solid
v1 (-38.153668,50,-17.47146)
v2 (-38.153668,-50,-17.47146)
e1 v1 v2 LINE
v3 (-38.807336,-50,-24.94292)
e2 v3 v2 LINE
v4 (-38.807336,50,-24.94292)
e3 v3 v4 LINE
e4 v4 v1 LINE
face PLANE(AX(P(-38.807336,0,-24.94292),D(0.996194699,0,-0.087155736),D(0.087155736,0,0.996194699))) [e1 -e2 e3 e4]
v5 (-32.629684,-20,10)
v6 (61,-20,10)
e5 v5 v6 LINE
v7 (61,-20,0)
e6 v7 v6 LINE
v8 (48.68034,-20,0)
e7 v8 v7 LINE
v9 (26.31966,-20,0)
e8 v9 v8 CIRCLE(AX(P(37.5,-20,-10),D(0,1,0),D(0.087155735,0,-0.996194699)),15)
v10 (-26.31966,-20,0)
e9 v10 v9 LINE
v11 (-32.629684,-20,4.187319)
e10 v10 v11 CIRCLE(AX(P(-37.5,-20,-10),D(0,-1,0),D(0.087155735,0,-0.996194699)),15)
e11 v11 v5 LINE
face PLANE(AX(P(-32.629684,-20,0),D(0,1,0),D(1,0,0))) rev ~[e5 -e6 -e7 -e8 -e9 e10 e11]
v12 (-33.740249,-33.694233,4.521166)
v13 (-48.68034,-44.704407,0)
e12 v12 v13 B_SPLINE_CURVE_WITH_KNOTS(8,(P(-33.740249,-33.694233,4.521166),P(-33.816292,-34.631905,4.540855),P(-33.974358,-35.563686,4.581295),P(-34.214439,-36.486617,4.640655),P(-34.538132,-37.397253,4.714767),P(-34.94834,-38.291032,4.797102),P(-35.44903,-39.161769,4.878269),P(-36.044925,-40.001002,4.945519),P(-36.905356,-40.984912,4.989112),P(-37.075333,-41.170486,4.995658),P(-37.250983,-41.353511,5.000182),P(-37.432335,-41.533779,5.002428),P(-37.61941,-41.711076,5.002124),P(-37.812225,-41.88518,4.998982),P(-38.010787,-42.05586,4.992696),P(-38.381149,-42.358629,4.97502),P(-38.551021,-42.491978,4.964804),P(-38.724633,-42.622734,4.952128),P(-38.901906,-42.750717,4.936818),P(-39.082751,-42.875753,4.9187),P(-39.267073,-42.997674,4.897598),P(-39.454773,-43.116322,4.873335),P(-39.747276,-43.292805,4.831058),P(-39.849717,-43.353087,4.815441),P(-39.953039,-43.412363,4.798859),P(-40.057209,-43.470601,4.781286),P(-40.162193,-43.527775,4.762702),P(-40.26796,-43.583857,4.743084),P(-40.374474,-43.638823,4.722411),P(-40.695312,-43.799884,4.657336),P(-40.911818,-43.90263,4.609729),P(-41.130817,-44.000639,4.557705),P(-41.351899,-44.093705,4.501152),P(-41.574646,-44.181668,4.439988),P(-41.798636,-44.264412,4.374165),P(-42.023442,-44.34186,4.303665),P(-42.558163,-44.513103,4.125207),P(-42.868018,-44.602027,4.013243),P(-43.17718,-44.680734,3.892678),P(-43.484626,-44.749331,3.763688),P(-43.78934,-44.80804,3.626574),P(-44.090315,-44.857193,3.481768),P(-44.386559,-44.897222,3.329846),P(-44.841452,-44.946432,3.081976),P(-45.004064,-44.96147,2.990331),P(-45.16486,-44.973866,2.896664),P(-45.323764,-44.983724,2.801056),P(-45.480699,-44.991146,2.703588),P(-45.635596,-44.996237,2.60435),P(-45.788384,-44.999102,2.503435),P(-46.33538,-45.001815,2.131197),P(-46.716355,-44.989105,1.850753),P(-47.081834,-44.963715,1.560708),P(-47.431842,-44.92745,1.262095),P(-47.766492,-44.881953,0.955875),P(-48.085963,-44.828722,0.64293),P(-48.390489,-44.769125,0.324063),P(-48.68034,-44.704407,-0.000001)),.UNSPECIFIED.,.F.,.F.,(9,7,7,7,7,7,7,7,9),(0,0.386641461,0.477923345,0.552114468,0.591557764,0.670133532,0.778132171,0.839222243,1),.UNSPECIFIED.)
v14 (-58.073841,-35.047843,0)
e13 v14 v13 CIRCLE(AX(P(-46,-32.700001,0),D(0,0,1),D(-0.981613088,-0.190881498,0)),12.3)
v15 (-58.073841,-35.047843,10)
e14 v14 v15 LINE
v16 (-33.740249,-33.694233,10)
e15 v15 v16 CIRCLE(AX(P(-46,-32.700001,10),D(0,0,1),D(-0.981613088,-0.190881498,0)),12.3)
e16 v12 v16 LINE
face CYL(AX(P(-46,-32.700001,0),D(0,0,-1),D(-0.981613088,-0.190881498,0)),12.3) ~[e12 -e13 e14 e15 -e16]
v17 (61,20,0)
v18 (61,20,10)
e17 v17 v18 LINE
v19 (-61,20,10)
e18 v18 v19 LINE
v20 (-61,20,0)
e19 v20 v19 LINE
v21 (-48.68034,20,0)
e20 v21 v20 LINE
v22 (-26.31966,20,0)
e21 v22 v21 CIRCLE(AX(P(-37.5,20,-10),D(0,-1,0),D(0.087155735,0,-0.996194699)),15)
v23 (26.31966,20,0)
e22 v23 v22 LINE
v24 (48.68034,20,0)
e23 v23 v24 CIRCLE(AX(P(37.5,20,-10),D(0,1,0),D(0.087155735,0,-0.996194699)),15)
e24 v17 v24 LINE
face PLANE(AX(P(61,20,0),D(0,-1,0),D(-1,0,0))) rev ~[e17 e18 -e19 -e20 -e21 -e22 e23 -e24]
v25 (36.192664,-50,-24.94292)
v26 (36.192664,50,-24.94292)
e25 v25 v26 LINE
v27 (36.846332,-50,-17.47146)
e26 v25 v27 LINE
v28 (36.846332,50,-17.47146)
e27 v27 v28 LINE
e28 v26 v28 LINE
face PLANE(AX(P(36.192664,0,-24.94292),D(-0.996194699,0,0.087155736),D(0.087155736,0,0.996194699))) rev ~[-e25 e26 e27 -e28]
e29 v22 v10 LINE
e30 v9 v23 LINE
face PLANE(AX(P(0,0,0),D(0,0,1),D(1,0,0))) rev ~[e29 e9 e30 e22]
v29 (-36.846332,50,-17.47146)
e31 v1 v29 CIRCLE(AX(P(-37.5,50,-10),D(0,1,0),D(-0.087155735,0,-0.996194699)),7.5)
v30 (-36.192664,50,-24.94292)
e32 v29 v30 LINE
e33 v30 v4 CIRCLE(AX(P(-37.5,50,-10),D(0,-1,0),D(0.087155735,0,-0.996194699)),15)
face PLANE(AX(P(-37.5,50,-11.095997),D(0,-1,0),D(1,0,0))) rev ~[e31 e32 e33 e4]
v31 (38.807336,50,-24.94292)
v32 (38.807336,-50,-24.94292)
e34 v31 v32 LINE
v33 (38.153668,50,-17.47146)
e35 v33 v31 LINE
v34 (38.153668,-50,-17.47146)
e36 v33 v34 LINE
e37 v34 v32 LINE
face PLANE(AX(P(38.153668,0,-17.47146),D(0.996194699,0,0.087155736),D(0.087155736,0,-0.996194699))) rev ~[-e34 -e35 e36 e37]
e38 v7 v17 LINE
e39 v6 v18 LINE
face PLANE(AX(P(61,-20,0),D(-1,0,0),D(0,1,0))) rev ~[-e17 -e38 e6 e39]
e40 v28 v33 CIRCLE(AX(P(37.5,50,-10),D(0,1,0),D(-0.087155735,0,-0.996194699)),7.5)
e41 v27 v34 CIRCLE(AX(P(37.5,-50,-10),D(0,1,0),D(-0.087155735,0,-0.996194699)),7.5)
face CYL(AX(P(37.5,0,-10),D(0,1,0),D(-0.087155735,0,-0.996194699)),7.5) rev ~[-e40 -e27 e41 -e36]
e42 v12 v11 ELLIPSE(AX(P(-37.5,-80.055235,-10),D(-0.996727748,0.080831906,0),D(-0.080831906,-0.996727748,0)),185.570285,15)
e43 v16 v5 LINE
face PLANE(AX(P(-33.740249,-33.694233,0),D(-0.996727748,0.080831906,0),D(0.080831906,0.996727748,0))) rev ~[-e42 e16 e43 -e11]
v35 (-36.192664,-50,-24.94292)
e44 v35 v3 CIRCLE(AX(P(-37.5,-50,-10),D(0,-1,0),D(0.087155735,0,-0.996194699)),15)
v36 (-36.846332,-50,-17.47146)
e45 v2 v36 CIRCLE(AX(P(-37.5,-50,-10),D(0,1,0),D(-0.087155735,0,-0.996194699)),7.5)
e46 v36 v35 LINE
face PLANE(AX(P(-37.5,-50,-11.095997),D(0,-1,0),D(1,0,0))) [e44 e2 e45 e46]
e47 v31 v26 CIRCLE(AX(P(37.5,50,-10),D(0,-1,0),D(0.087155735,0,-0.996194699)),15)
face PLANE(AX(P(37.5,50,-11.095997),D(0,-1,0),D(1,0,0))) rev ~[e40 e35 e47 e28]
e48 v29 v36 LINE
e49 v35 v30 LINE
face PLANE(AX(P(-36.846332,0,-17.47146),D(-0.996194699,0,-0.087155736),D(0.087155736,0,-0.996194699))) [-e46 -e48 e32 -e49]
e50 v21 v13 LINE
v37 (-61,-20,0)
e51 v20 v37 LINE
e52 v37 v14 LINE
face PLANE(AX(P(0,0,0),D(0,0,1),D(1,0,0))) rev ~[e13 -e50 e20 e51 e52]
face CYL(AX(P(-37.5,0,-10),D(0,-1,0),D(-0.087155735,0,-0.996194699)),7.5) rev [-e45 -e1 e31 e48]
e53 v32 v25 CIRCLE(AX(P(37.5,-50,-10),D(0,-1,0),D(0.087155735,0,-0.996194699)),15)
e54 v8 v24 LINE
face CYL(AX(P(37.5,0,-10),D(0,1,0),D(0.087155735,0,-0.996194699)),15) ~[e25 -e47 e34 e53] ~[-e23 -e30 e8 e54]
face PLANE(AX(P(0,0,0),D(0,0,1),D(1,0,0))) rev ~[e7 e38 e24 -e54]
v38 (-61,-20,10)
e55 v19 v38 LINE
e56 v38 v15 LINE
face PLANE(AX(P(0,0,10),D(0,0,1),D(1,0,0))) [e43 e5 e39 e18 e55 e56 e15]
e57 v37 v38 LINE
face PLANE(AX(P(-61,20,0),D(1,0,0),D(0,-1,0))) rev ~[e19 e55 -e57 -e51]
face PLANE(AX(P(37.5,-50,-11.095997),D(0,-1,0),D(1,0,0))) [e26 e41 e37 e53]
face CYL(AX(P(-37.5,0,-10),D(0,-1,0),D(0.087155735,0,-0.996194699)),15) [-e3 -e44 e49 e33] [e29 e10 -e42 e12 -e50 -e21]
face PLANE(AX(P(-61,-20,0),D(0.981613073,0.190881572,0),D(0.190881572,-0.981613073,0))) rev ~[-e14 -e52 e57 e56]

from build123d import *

# Parameters (mm, degrees)
F1_DEPTH = 10
F3_DEPTH = 50


with BuildPart() as f1:
    # F0 (on Top) → F1 (new body)
    with BuildSketch(Plane.XY):
        Polygon((-32.629684, -20), (61, -20), (61, 20), (-61, 20), (-61, -20), align=None)
        with BuildLine():
            Line((-33.740249, -33.694233), (-32.629684, -20))
            Line((-32.629684, -20), (-61, -20))
            Line((-61, -20), (-58.073841, -35.047843))
            ThreePointArc((-58.073841, -35.047843), (-45.316841, -44.981014), (-33.740249, -33.694233))
        make_face()
    extrude(amount=F1_DEPTH)

    # F2 (on Front) → F3 (join, symmetric)
    with BuildSketch(Plane.XZ):
        with BuildLine():
            ThreePointArc((36.846332, -17.47146), (37.5, -2.5), (38.153668, -17.47146))
            Line((38.153668, -17.47146), (38.807336, -24.94292))
            ThreePointArc((38.807336, -24.94292), (37.5, 5), (36.192664, -24.94292))
            Line((36.192664, -24.94292), (36.846332, -17.47146))
        make_face()
        with BuildLine():
            Line((-38.807336, -24.94292), (-38.153668, -17.47146))
            ThreePointArc((-38.153668, -17.47146), (-37.5, -2.5), (-36.846332, -17.47146))
            Line((-36.846332, -17.47146), (-36.192664, -24.94292))
            ThreePointArc((-36.192664, -24.94292), (-37.5, 5), (-38.807336, -24.94292))
        make_face()
    extrude(amount=F3_DEPTH, both=True)


solid = f1.part
